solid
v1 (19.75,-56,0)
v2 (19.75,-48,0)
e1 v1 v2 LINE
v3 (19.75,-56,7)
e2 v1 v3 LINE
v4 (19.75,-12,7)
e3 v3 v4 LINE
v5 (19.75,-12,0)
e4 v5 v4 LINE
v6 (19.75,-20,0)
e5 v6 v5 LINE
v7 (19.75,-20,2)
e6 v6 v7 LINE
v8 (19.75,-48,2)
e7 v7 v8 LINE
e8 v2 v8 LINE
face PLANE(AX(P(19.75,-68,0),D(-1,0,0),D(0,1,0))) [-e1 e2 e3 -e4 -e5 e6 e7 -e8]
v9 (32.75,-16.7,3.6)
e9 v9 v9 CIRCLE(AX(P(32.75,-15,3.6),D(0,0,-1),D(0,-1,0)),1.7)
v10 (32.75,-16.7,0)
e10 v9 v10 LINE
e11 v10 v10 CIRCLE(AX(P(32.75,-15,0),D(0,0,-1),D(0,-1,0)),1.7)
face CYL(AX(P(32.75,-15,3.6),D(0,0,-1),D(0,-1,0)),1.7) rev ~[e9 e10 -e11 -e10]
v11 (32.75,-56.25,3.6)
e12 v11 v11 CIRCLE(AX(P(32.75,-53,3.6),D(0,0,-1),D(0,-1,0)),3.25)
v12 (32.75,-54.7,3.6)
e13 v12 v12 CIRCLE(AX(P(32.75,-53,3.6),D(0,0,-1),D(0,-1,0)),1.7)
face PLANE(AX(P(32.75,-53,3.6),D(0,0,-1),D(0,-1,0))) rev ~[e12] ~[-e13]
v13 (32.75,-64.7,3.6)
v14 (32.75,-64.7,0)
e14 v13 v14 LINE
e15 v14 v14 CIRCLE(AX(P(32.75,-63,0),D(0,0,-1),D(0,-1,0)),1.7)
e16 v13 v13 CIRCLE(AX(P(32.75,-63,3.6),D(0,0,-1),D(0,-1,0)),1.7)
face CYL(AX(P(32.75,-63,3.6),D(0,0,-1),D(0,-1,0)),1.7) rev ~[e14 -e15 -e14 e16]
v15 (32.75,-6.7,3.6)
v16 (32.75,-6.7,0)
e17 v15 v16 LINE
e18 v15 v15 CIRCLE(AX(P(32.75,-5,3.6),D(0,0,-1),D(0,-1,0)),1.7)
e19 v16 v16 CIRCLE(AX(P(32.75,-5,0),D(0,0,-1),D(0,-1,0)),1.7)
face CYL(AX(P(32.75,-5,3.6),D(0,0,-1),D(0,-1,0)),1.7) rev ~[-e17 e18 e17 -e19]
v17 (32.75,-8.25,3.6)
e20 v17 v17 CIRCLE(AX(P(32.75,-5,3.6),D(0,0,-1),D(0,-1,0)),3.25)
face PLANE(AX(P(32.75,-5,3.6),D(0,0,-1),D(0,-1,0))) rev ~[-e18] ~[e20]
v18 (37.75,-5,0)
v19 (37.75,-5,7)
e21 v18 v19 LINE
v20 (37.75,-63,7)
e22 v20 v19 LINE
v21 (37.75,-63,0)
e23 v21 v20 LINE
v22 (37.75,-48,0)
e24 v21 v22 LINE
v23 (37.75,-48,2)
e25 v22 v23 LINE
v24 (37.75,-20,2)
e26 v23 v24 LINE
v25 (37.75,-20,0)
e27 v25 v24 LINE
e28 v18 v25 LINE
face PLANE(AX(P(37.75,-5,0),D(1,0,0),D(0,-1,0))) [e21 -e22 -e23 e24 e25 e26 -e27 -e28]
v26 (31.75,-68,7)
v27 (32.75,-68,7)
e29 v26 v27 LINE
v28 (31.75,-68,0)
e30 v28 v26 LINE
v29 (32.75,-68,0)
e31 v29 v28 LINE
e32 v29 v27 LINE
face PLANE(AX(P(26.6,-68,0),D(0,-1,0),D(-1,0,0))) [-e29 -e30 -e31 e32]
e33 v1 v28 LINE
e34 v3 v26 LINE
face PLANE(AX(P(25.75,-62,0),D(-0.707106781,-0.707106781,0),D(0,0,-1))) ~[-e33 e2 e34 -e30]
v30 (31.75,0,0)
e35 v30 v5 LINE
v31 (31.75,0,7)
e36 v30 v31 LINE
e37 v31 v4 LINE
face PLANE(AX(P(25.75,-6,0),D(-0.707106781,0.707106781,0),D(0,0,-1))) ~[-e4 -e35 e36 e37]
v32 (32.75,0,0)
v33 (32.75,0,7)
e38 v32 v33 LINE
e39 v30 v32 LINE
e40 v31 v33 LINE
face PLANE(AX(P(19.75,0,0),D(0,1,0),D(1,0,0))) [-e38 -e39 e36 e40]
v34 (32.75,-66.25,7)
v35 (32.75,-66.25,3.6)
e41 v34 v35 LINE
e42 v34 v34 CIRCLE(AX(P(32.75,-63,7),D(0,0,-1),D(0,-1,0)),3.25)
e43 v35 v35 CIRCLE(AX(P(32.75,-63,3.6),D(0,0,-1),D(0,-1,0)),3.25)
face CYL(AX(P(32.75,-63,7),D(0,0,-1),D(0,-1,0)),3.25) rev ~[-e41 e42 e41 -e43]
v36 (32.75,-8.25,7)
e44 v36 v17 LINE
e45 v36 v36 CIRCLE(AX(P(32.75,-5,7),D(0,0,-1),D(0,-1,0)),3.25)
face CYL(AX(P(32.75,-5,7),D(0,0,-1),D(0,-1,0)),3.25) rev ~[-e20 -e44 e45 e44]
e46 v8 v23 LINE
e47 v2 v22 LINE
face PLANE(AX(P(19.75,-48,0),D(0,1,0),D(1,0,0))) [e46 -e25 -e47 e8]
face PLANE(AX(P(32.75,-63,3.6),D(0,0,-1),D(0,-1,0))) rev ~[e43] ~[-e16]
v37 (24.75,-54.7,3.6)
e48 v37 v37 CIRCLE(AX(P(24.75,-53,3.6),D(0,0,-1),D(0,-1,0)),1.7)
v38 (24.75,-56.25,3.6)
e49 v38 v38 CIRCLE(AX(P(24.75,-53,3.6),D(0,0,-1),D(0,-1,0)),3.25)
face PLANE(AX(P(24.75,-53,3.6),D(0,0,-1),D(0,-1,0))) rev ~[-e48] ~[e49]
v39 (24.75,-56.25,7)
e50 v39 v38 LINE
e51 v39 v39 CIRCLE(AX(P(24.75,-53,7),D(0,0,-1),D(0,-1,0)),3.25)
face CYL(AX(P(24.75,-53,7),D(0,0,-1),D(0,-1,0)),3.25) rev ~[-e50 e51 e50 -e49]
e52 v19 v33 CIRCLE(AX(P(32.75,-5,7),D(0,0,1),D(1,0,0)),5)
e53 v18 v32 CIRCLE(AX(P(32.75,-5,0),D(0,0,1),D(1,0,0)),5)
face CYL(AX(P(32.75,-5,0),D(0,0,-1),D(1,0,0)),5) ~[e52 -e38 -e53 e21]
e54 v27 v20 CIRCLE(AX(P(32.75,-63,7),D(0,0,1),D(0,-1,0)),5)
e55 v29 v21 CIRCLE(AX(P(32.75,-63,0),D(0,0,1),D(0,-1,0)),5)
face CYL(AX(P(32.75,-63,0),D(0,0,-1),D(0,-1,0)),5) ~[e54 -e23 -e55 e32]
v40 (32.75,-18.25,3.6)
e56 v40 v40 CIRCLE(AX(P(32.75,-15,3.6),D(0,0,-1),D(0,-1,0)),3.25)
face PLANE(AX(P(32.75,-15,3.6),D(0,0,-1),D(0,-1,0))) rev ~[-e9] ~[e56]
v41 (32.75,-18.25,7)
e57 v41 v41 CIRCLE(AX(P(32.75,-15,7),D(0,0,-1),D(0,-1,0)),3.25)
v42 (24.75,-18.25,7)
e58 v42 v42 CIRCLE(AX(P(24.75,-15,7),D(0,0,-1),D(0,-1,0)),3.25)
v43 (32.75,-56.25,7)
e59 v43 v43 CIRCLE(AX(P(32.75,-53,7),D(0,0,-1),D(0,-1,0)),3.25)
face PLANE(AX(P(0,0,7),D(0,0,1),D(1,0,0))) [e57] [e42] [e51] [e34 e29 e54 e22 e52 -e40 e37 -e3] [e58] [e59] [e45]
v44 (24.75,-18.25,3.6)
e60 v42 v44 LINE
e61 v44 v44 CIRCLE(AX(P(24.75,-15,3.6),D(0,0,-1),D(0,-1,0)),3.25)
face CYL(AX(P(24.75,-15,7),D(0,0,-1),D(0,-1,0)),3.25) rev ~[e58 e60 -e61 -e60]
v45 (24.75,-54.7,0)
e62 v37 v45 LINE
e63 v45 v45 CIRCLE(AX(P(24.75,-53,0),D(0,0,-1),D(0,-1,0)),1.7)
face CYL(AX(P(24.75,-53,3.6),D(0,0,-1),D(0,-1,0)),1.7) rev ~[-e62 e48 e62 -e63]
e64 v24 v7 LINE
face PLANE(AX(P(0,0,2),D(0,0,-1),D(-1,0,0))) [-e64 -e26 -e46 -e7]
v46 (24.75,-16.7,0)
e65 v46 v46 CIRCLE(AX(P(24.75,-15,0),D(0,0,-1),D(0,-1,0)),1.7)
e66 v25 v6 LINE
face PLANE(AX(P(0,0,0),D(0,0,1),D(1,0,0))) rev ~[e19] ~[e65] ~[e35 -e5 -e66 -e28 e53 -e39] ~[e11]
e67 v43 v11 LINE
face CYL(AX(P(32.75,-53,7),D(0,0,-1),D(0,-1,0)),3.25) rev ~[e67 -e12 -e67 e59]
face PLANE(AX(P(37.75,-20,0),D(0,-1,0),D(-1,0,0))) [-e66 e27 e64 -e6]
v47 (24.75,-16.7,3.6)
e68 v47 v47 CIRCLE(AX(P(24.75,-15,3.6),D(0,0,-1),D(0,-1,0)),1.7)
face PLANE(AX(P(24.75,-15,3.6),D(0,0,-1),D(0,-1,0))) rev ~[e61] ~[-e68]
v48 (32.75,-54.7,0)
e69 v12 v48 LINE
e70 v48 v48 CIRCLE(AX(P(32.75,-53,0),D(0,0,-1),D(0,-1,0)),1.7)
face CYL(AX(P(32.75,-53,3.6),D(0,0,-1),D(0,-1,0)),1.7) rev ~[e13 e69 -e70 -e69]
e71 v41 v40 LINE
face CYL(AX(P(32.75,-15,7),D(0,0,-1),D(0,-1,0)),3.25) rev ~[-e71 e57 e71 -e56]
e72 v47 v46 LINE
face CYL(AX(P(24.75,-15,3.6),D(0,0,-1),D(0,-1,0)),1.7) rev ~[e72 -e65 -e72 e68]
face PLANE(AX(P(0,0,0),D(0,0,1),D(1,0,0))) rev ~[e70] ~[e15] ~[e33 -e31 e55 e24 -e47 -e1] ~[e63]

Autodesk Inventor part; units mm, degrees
ref_plane "YZ Plane" through (0, 0, 0) normal (1, 0, 0) x (0, 1, 0)
ref_plane "XZ Plane" through (0, 0, 0) normal (0, 1, 0) x (-1, 0, 0)
ref_plane "XY Plane" through (0, 0, 0) normal (0, 0, 1) x (1, 0, 0)
ref_plane "Work Plane1" through (0, 0, 0) normal (0, 0, 1) x (1, 0, 0)
sketch "Sketch1" plane through (0, 0, 0) normal (0, 0, 1) x (1, 0, 0)
  line L0 (-32.75, 0) -> (32.75, 0) projected
  arc A0 (37.75, -5) -> (32.75, 0) centre (32.75, -5) ccw projected
  line L1 (37.75, -5) -> (37.75, -15) projected
  line L2 (-37.75, -20) -> (77.75, -20) construction
  line L3 (0.95, -48) -> (37.75, -48) construction
  arc A1 (32.75, -68) -> (37.75, -63) centre (32.75, -63) ccw projected
  line L4 (37.75, -63) -> (37.75, -48) projected
  line L5 (26.6, -68) -> (32.75, -68) projected
  line L6 (19.75, 0) -> (37.75, 0)
  line L7 (37.75, 0) -> (37.75, -68)
  line L8 (37.75, -68) -> (19.75, -68)
  line L9 (19.75, -68) -> (19.75, 0)
  point P0 (0, 0)
  point P1 (24.75, -5)
  point P2 (24.75, -63)
  dimension "d0" = 18
  dimension "d1" = 5
  dimension "d2" = 5
  dimension "d3" = 5
extrude "Extrusion1" add sketch "Sketch1" along normal blind 7 contours L0 A0 L1 L7 L4 A1 L5 L8 L9
sketch "Sketch2" plane through (0, 0, 0) normal (0, 0, -1) x (-1, 0, 0)
  line L0 (37.75, -20) -> (-77.75, -20) construction
  line L1 (-0.95, -48) -> (-37.75, -48) projected
  line L2 (-19.75, 0) -> (-19.75, -68) projected
  line L3 (-37.75, -63) -> (-37.75, -5) projected
  line L4 (-19.75, -48) -> (-37.75, -48)
  line L5 (-37.75, -48) -> (-37.75, -20)
  line L6 (-37.75, -20) -> (-19.75, -20)
  line L7 (-19.75, -20) -> (-19.75, -48)
  point P0 (0, 0)
  point P1 (-19.75, -20)
extrude "Extrusion2" cut sketch "Sketch2" against normal blind 2
sketch "Sketch3" plane through (0, 0, 7) normal (0, 0, 1) x (1, 0, 0)
  line L0 (19.75, -68) -> (32.75, -68) projected
  arc A0 (32.75, -68) -> (37.75, -63) centre (32.75, -63) ccw projected
  line L1 (37.75, -63) -> (37.75, -5) projected
  arc A1 (37.75, -5) -> (32.75, 0) centre (32.75, -5) ccw projected
  line L2 (32.75, 0) -> (19.75, 0) projected
  line L3 (19.75, 0) -> (19.75, -68) projected
  line L4 (37.75, -34) -> (19.75, -34) construction
  line L5 (28.75, -34) -> (28.75, -68) construction
  line L6 (19.75, -68) -> (32.75, -68) projected
  line L7 (-37.75, -20) -> (77.75, -20) construction
  line L8 (0.95, -48) -> (37.75, -48) projected
  line L9 (77.75, -15) -> (37.75, -15) projected
  point P0 (0, 0)
  point P1 (32.75, -63)
  point P2 (32.75, -15)
  point P3 (32.75, -53)
  point P4 (24.75, -15)
  point P5 (24.75, -53)
  dimension "d15" = 5
  dimension "d16" = 5
  dimension "d22" = 5
  dimension "d23" = 5
hole "Hole1" at (32.75, -5, 7) at (32.75, -63, 7) at (32.75, -15, 7) at (24.75, -15, 7) at (24.75, -53, 7) at (32.75, -53, 7) direction (0, 0, -1) diameter 3.4 depth 7 counterbore diameter 6.5 counterbore depth 3.4 clearance for "Socket Head Cap Screw DIN EN ISO 4762" size "M3" standard "DIN"
chamfer "Chamfer1" distance 12 angle 45 2 edges at (19.75, -68, 3.5) (19.75, 0, 3.5)
equation "\"d2\" = d1"
equation "\"d3\" = d1"
equation "\"d16\" = d15"
properties part number "SideBrace"
